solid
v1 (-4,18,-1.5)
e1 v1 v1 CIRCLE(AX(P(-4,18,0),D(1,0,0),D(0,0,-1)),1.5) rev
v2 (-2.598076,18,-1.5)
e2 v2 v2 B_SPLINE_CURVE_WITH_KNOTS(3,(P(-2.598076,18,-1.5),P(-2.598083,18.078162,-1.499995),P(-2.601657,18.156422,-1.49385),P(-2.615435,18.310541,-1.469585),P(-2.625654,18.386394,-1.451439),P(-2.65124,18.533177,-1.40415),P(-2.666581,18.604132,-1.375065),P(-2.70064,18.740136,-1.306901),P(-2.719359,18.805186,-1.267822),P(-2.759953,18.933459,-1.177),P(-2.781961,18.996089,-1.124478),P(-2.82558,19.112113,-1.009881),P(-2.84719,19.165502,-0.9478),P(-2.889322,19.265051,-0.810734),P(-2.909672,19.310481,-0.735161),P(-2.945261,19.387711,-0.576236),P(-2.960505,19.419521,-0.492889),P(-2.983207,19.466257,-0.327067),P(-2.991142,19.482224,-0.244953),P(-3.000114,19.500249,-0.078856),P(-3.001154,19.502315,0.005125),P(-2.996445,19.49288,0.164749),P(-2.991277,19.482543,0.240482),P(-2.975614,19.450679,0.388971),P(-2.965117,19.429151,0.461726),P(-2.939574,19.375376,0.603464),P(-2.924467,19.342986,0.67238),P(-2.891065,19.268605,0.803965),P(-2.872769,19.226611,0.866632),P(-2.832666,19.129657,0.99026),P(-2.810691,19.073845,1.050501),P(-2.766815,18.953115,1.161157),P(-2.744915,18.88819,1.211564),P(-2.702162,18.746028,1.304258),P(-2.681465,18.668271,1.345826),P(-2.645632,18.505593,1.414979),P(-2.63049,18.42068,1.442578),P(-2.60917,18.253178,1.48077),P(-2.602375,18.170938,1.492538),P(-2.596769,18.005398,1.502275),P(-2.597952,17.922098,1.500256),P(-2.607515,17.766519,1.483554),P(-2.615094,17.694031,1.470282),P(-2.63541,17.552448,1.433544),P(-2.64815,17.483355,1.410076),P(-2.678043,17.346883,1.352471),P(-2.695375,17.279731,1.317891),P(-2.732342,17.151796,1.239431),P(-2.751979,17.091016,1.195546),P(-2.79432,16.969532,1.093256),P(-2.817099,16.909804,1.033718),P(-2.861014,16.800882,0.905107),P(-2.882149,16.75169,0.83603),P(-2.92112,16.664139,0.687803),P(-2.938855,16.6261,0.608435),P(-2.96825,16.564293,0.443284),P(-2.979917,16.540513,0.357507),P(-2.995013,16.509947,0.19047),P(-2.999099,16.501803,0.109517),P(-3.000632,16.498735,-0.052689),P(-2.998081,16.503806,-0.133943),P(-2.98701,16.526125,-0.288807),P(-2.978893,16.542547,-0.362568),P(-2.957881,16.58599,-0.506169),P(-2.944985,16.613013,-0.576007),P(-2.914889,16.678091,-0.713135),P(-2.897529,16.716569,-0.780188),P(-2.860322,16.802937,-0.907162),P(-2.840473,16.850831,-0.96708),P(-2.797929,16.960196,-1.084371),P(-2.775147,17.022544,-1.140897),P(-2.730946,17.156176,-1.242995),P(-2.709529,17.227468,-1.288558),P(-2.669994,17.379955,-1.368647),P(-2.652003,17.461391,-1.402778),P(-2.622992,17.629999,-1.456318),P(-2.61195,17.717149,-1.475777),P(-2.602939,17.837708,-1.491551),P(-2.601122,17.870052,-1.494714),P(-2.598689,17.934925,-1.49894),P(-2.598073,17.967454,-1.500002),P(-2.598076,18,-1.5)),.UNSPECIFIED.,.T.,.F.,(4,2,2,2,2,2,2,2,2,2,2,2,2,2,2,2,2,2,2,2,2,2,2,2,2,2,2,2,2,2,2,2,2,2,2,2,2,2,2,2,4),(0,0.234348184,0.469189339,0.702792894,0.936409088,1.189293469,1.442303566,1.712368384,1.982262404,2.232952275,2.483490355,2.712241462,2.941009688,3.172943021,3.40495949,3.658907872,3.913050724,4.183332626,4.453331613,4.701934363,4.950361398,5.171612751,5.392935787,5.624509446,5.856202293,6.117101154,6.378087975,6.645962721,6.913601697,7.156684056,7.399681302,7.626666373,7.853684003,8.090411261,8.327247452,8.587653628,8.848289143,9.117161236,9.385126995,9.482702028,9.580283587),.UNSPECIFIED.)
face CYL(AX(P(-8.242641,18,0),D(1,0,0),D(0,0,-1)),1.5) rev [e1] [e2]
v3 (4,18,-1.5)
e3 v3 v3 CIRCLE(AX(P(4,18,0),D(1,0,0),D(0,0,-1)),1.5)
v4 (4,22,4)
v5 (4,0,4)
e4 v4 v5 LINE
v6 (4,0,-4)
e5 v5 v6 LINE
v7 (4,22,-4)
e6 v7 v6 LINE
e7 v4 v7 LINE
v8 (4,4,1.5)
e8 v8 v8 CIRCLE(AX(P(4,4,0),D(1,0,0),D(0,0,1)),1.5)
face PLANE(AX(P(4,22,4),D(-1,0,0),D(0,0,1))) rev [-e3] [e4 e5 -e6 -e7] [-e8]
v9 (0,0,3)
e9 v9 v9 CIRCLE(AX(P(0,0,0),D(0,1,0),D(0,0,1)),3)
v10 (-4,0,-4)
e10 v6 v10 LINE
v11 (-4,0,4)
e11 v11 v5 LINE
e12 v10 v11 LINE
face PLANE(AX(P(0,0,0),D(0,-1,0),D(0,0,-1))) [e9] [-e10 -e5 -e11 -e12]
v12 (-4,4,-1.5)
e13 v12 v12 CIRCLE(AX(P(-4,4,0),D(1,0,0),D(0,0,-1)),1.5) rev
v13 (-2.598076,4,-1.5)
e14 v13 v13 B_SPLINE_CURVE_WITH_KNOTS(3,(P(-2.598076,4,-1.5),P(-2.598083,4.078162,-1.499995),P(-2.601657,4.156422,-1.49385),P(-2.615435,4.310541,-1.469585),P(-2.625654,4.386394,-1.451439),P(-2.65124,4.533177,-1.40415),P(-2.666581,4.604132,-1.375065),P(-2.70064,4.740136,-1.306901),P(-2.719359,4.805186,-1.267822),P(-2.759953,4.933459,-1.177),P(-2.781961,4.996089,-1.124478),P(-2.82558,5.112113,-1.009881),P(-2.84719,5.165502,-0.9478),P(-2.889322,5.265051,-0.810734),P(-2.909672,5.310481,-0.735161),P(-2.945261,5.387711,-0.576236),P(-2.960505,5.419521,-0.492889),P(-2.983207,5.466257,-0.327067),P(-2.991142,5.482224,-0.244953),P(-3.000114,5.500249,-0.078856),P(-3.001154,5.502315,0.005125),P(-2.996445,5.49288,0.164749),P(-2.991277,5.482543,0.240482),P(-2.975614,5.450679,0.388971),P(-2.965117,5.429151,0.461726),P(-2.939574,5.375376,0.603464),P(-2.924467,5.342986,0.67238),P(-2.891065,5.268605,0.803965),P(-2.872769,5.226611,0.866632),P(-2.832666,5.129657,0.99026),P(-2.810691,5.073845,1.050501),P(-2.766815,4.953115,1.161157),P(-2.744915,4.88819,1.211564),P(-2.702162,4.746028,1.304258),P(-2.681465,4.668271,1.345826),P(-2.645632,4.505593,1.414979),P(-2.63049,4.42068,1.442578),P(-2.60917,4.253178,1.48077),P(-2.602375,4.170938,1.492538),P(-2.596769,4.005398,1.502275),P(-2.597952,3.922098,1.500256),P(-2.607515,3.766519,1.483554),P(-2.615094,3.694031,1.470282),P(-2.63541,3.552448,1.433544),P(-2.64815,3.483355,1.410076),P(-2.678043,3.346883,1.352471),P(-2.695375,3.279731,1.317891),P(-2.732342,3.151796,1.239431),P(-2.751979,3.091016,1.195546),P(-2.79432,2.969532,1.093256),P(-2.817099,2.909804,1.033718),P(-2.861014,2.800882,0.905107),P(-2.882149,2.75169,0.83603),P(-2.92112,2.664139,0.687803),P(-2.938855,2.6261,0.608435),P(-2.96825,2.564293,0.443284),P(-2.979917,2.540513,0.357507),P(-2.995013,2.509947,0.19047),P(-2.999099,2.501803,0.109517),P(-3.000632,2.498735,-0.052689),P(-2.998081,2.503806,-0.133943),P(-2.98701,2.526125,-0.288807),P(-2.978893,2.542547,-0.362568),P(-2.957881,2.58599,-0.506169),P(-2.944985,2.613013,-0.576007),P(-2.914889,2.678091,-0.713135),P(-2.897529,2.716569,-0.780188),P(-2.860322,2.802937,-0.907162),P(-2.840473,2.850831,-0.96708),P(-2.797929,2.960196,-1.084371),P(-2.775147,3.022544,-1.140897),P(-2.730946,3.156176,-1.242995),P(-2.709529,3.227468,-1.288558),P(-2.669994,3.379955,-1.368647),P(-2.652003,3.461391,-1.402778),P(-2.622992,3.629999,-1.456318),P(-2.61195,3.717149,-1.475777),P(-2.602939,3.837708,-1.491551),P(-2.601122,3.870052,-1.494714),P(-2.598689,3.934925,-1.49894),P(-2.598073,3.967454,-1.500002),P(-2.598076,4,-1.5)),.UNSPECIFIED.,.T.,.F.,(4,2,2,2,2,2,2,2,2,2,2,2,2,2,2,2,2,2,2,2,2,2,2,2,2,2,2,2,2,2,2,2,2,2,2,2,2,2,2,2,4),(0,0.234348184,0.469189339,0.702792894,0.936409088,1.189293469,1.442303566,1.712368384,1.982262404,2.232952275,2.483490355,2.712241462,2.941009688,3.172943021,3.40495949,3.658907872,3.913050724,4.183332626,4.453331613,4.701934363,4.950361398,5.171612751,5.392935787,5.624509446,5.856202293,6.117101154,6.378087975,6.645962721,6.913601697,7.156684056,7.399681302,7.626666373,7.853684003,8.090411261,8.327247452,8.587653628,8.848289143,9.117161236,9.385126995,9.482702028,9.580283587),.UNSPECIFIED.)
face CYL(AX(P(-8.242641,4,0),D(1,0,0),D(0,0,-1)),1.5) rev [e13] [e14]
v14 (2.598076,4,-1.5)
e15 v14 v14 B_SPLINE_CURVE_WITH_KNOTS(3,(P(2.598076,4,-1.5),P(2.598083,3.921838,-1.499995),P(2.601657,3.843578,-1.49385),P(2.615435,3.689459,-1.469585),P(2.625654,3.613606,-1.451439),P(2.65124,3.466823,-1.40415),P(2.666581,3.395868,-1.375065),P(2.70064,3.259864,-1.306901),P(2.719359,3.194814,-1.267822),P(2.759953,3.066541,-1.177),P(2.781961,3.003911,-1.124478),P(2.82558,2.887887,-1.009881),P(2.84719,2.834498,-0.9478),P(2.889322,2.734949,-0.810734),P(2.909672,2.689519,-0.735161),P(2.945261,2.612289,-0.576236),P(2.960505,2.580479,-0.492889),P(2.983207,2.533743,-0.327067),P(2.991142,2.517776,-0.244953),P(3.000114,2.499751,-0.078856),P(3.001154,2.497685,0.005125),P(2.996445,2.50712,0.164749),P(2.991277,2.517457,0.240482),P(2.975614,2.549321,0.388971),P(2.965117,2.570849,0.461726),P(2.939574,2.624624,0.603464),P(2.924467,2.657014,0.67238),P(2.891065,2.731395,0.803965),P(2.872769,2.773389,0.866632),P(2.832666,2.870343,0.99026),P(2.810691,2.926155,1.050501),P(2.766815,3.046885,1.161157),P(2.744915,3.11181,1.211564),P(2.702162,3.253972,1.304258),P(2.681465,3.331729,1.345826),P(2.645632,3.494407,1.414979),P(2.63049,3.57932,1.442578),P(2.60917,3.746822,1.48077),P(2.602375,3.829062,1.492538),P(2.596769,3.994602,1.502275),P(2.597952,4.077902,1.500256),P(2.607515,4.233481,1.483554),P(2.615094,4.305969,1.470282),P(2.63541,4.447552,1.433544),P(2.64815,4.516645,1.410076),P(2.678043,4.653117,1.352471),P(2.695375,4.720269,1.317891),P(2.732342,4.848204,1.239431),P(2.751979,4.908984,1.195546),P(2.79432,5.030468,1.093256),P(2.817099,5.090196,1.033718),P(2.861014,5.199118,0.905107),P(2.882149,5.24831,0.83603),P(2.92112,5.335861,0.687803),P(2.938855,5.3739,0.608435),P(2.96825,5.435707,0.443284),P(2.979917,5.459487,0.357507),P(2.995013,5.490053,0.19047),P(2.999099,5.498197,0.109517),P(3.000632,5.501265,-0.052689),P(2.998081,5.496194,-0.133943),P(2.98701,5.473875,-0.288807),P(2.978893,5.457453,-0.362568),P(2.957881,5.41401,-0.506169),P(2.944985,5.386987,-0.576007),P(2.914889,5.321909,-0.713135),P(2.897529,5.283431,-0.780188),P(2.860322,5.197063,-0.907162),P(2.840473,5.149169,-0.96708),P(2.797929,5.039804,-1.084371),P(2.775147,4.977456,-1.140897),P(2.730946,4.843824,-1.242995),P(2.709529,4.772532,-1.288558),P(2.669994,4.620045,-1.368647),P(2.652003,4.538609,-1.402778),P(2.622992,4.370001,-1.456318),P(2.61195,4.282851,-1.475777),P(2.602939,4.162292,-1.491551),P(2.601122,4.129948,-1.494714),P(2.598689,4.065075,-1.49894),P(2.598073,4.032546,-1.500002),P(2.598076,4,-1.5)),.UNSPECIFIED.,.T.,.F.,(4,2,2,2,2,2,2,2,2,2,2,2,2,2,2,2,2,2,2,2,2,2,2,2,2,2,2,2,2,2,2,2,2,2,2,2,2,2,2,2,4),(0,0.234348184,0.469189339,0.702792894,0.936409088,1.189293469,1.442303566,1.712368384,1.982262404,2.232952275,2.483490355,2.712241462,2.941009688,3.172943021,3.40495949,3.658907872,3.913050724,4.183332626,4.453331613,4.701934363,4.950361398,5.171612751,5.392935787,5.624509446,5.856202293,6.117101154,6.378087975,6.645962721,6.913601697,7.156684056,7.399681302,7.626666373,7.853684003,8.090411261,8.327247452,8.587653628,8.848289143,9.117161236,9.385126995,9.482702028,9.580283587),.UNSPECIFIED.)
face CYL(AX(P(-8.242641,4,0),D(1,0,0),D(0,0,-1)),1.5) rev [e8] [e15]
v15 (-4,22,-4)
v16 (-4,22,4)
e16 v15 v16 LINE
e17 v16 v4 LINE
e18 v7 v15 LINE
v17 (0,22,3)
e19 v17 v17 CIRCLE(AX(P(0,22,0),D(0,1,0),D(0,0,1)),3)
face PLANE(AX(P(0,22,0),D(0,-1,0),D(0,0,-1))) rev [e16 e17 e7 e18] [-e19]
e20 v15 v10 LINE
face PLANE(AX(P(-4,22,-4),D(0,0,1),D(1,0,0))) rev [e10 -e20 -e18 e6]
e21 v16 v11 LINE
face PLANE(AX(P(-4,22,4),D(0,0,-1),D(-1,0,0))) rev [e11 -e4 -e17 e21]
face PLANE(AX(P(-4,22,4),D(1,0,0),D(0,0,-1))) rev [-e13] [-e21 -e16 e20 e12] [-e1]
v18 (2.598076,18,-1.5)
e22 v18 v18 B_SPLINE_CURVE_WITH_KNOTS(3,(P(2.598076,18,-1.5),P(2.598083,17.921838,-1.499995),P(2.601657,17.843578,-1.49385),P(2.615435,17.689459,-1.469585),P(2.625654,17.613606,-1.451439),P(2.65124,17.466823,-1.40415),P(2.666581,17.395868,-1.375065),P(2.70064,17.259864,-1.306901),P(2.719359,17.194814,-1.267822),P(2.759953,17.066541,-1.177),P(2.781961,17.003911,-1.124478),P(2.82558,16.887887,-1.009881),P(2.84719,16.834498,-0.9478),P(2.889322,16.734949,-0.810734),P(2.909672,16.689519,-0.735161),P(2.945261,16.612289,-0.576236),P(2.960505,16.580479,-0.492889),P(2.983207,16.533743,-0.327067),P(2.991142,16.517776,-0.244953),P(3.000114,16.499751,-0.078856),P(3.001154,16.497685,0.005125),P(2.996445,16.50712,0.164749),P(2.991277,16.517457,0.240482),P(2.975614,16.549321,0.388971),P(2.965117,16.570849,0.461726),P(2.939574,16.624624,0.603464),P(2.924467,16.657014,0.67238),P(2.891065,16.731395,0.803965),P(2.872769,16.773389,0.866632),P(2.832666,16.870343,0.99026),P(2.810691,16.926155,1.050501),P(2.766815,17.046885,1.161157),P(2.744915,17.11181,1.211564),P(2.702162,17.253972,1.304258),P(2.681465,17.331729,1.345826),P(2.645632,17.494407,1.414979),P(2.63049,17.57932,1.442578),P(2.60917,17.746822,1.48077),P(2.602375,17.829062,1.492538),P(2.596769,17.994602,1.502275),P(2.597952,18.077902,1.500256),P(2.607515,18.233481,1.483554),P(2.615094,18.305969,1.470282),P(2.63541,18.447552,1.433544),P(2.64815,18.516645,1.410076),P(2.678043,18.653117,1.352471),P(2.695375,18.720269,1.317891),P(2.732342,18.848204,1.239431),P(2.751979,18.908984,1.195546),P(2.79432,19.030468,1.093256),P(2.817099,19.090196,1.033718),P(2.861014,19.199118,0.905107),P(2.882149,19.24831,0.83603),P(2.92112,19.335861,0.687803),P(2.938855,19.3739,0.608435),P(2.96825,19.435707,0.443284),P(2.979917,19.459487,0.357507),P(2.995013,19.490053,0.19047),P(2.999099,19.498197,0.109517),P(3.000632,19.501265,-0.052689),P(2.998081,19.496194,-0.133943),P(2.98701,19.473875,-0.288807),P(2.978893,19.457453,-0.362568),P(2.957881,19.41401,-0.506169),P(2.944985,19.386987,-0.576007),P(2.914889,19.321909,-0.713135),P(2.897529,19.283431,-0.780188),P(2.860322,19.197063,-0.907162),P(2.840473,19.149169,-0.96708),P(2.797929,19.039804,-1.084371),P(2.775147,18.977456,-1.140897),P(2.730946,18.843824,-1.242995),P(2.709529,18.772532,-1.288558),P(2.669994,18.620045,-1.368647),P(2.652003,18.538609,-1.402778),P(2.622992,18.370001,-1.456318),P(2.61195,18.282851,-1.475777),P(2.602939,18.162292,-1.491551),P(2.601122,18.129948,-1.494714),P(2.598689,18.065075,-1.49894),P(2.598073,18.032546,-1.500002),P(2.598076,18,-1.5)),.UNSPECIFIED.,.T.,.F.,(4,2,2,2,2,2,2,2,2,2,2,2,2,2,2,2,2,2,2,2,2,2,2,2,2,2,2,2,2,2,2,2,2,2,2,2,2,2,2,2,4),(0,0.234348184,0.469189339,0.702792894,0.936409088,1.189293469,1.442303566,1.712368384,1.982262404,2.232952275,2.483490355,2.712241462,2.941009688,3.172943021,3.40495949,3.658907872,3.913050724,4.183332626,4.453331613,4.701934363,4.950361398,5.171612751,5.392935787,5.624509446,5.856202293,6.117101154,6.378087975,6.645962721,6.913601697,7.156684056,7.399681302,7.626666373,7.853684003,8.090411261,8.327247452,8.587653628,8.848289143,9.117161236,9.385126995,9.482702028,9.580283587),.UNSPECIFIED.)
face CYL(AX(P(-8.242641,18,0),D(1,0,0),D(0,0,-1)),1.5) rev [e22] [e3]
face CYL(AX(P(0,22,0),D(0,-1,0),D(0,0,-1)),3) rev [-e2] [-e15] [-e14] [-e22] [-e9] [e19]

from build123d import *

# Parameters (mm, degrees)
SKETCH1_W           = 8
SKETCH1_H           = 8
SKETCH1_R           = 3
BOSS_EXTRUDE2_DEPTH = 22
CUT_EXTRUDE1_REACH  = 25.749
SKETCH2_R           = 1.5


with BuildPart() as part:
    # Sketch1 → Boss-Extrude2 (new body)
    with BuildSketch(Plane(origin=(0, 0, 0), x_dir=(1, 0, 0), z_dir=(0, 1, 0))):
        Rectangle(SKETCH1_W, SKETCH1_H)
        with Locations(Location((0, 0, 0), (0, 0, 270))):
            Circle(SKETCH1_R, mode=Mode.SUBTRACT)
    extrude(amount=BOSS_EXTRUDE2_DEPTH)

    # Cut-Extrude1: up to this face of the body (flat: up to its plane)
    cut_extrude1_end = Plane(part.part.faces().sort_by_distance((-4, 11, 0))[0])
    # Sketch2 → Cut-Extrude1 (cut, up to the picked face)
    with BuildSketch(Plane(origin=(4, 0, 0), x_dir=(0, 0, -1), z_dir=(1, 0, 0)), mode=Mode.PRIVATE) as cut_extrude1_sk1:
        with Locations((0, 18)):
            Circle(SKETCH2_R)
    cut_extrude1_tool1 = split(extrude(cut_extrude1_sk1.sketch, amount=-CUT_EXTRUDE1_REACH, mode=Mode.PRIVATE), bisect_by=cut_extrude1_end, keep=Keep.BOTH, mode=Mode.PRIVATE)
    # Sketch2 → Cut-Extrude1 (cut, up to the picked face)
    with BuildSketch(Plane(origin=(4, 0, 0), x_dir=(0, 0, -1), z_dir=(1, 0, 0)), mode=Mode.PRIVATE) as cut_extrude1_sk2:
        with Locations((0, 4)):
            Circle(SKETCH2_R)
    cut_extrude1_tool2 = split(extrude(cut_extrude1_sk2.sketch, amount=-CUT_EXTRUDE1_REACH, mode=Mode.PRIVATE), bisect_by=cut_extrude1_end, keep=Keep.BOTH, mode=Mode.PRIVATE)
    add(cut_extrude1_tool1.solids().sort_by(Axis((4, 18, 0), (-1, 0, 0)))[0], mode=Mode.SUBTRACT)
    add(cut_extrude1_tool2.solids().sort_by(Axis((4, 4, 0), (-1, 0, 0)))[0], mode=Mode.SUBTRACT)


solid = part.part
